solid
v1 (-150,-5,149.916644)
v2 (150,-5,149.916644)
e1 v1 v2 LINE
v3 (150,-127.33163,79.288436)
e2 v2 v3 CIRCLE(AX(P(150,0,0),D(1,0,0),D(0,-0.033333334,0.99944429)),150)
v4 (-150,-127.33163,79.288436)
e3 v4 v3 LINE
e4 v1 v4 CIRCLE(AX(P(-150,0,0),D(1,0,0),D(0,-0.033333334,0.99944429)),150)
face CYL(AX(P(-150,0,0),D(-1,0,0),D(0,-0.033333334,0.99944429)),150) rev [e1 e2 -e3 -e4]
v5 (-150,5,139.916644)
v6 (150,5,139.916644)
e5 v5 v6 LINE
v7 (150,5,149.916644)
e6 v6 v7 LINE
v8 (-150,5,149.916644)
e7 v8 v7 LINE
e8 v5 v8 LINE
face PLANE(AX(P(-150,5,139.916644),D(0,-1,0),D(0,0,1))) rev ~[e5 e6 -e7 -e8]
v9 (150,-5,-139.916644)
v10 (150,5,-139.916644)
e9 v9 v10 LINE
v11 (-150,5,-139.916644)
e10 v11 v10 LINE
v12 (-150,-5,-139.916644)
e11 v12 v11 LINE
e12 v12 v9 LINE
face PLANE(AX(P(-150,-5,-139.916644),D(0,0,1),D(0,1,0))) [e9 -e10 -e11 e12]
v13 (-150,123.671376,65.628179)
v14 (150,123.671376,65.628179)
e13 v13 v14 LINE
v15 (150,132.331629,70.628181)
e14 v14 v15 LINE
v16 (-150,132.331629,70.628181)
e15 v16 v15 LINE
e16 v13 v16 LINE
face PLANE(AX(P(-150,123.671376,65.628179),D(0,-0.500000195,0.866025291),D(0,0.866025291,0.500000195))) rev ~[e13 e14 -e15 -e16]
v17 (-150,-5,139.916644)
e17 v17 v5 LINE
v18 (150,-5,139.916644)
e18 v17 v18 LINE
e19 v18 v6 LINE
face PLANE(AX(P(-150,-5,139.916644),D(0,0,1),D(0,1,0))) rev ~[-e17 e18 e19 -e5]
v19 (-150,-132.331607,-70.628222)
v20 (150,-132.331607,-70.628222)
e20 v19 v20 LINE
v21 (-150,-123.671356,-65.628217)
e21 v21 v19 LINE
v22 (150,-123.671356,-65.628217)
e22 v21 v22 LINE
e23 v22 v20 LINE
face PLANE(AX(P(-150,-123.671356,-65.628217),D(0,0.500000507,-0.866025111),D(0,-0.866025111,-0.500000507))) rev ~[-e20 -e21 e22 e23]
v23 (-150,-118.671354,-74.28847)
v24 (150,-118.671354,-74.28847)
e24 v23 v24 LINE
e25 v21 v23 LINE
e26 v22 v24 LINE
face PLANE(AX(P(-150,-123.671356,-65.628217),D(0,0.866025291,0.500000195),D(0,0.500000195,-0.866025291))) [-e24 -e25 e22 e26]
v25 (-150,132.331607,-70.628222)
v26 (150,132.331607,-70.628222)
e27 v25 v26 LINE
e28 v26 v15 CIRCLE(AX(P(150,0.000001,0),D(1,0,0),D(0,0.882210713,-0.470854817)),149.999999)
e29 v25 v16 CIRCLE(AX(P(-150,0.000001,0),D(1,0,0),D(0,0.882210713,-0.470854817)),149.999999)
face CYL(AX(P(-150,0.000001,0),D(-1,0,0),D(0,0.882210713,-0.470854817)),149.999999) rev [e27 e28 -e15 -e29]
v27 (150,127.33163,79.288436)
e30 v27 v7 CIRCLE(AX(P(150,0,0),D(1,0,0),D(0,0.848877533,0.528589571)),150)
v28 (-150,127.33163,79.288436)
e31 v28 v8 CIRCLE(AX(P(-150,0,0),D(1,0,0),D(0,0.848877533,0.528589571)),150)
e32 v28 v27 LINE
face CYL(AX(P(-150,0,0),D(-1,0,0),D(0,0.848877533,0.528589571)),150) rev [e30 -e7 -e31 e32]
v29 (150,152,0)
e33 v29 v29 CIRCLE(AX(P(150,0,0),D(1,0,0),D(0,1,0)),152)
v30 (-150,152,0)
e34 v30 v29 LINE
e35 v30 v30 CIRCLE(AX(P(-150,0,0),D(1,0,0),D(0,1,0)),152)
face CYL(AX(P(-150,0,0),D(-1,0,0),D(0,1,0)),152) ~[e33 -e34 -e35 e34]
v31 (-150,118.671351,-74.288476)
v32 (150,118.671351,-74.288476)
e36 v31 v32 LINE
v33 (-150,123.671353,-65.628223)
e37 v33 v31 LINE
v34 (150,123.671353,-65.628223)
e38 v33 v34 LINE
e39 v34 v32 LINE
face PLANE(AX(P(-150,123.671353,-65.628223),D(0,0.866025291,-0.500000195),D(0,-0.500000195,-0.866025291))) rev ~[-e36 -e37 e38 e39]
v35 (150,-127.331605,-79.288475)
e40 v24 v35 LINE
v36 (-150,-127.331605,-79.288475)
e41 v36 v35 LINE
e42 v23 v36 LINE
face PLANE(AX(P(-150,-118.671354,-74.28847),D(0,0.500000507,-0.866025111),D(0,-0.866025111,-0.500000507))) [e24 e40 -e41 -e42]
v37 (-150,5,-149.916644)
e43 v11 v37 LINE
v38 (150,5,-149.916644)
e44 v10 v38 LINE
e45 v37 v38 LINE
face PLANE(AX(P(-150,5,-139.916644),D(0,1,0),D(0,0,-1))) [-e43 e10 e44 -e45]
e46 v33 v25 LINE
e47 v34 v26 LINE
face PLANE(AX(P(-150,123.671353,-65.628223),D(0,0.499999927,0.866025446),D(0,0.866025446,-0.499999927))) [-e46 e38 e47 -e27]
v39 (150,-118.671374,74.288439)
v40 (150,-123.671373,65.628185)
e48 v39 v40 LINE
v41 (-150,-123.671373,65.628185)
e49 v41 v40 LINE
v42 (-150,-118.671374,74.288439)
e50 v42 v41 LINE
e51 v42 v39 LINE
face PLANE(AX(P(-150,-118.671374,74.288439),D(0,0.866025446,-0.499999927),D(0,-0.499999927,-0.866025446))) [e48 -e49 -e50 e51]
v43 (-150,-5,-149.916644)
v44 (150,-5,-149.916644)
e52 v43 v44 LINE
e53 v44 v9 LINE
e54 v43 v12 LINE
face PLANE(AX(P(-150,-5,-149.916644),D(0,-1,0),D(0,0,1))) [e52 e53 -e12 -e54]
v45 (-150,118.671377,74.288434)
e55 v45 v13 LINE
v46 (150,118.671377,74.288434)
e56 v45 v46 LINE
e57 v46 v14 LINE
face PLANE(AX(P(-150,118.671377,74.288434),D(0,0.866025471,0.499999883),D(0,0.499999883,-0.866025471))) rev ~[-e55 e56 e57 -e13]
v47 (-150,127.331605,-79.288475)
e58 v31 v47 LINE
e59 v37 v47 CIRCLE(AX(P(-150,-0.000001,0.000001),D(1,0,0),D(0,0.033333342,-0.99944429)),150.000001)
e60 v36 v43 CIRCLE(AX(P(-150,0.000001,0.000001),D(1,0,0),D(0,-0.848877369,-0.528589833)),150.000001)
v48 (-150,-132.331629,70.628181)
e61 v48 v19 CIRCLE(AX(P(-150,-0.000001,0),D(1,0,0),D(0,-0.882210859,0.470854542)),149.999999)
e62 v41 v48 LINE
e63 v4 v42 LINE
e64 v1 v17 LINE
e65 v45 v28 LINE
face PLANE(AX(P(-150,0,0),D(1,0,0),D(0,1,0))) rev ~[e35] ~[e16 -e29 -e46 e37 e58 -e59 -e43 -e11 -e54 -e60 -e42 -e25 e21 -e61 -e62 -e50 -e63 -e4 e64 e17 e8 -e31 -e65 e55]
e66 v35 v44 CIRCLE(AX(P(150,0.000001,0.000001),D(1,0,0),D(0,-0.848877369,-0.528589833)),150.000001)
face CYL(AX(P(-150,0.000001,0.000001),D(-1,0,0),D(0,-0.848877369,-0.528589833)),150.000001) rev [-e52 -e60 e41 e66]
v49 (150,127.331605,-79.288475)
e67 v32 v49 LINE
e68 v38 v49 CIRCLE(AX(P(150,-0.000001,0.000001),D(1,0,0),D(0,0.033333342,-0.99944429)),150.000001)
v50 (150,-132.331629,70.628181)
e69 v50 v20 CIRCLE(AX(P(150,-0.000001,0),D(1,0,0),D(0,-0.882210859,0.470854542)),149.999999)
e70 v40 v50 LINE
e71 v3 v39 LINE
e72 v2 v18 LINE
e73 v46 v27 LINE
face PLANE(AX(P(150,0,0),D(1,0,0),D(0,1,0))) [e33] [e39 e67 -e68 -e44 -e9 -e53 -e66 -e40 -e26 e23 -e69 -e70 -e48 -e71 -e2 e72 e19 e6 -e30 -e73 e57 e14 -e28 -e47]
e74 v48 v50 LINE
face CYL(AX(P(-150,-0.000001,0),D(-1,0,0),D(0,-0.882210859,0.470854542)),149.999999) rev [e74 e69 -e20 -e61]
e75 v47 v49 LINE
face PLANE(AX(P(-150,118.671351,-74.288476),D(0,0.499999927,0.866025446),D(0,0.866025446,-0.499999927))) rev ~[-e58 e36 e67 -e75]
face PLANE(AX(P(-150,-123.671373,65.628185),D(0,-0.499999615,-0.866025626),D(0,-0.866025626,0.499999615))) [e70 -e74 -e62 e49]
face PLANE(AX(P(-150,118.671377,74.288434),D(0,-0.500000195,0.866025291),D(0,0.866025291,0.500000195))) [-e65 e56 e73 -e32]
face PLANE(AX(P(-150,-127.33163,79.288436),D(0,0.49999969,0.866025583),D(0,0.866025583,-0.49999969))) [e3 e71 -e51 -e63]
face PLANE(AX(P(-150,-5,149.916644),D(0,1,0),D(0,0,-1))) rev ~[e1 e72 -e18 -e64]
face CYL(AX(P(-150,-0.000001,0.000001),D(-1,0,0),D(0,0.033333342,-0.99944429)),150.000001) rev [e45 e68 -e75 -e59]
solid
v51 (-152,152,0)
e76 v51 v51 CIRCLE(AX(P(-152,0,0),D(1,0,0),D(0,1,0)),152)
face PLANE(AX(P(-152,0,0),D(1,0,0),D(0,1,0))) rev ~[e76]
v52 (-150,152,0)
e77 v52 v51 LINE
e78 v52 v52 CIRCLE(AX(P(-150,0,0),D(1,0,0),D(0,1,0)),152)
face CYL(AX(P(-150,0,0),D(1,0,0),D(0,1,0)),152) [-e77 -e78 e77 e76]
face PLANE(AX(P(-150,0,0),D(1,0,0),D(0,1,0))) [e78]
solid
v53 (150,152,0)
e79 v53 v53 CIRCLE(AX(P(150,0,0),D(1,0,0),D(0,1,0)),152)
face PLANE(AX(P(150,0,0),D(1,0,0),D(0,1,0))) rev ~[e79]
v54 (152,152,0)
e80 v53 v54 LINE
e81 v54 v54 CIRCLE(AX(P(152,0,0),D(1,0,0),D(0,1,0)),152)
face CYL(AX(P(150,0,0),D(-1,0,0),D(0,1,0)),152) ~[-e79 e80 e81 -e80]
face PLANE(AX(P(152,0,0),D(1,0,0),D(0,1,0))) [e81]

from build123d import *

# Parameters (mm, degrees)
SKETCH_R     = 152
PAD_DEPTH    = 2
SKETCH001_R  = 152
PAD001_DEPTH = 2
SKETCH002_R  = 152
PAD002_DEPTH = 300


with BuildPart() as pad:
    # Sketch → Pad (new body)
    with BuildSketch(Plane.YZ.offset(-150)):
        Circle(SKETCH_R)
    extrude(amount=-PAD_DEPTH)


with BuildPart() as pad001:
    # Sketch001 → Pad001 (new body)
    with BuildSketch(Plane.YZ.offset(150)):
        Circle(SKETCH001_R)
    extrude(amount=PAD001_DEPTH)


with BuildPart() as pad002:
    # Sketch002 → Pad002 (new body)
    with BuildSketch(Plane.YZ.offset(-150)):
        Circle(SKETCH002_R)
        with BuildLine():
            ThreePointArc((-5, 149.916644), (-75.000007, 129.903807), (-127.33163, 79.288436))
            Line((-127.33163, 79.288436), (-118.671374, 74.288439))
            Line((-118.671374, 74.288439), (-123.671373, 65.628185))
            Line((-123.671373, 65.628185), (-132.331629, 70.628181))
            ThreePointArc((-132.331629, 70.628181), (-150, -2.3e-05), (-132.331607, -70.628222))
            Line((-123.671356, -65.628217), (-132.331607, -70.628222))
            Line((-123.671356, -65.628217), (-118.671354, -74.28847))
            Line((-118.671354, -74.28847), (-127.331605, -79.288475))
            ThreePointArc((-127.331605, -79.288475), (-74.999987, -129.903818), (-5, -149.916644))
            Line((-5, -149.916644), (-5, -139.916644))
            Line((-5, -139.916644), (5, -139.916644))
            Line((5, -139.916644), (5, -149.916644))
            ThreePointArc((5, -149.916644), (74.999987, -129.903818), (127.331605, -79.288475))
            Line((118.671351, -74.288476), (127.331605, -79.288475))
            Line((123.671353, -65.628223), (118.671351, -74.288476))
            Line((123.671353, -65.628223), (132.331607, -70.628222))
            ThreePointArc((132.331607, -70.628222), (150, -2.3e-05), (132.331629, 70.628181))
            Line((123.671376, 65.628179), (132.331629, 70.628181))
            Line((118.671377, 74.288434), (123.671376, 65.628179))
            Line((118.671377, 74.288434), (127.33163, 79.288436))
            ThreePointArc((127.33163, 79.288436), (75.000007, 129.903807), (5, 149.916644))
            Line((5, 139.916644), (5, 149.916644))
            Line((-5, 139.916644), (5, 139.916644))
            Line((-5, 149.916644), (-5, 139.916644))
        make_face(mode=Mode.SUBTRACT)
    extrude(amount=PAD002_DEPTH)


solid = Compound([pad.part, pad001.part, pad002.part])
